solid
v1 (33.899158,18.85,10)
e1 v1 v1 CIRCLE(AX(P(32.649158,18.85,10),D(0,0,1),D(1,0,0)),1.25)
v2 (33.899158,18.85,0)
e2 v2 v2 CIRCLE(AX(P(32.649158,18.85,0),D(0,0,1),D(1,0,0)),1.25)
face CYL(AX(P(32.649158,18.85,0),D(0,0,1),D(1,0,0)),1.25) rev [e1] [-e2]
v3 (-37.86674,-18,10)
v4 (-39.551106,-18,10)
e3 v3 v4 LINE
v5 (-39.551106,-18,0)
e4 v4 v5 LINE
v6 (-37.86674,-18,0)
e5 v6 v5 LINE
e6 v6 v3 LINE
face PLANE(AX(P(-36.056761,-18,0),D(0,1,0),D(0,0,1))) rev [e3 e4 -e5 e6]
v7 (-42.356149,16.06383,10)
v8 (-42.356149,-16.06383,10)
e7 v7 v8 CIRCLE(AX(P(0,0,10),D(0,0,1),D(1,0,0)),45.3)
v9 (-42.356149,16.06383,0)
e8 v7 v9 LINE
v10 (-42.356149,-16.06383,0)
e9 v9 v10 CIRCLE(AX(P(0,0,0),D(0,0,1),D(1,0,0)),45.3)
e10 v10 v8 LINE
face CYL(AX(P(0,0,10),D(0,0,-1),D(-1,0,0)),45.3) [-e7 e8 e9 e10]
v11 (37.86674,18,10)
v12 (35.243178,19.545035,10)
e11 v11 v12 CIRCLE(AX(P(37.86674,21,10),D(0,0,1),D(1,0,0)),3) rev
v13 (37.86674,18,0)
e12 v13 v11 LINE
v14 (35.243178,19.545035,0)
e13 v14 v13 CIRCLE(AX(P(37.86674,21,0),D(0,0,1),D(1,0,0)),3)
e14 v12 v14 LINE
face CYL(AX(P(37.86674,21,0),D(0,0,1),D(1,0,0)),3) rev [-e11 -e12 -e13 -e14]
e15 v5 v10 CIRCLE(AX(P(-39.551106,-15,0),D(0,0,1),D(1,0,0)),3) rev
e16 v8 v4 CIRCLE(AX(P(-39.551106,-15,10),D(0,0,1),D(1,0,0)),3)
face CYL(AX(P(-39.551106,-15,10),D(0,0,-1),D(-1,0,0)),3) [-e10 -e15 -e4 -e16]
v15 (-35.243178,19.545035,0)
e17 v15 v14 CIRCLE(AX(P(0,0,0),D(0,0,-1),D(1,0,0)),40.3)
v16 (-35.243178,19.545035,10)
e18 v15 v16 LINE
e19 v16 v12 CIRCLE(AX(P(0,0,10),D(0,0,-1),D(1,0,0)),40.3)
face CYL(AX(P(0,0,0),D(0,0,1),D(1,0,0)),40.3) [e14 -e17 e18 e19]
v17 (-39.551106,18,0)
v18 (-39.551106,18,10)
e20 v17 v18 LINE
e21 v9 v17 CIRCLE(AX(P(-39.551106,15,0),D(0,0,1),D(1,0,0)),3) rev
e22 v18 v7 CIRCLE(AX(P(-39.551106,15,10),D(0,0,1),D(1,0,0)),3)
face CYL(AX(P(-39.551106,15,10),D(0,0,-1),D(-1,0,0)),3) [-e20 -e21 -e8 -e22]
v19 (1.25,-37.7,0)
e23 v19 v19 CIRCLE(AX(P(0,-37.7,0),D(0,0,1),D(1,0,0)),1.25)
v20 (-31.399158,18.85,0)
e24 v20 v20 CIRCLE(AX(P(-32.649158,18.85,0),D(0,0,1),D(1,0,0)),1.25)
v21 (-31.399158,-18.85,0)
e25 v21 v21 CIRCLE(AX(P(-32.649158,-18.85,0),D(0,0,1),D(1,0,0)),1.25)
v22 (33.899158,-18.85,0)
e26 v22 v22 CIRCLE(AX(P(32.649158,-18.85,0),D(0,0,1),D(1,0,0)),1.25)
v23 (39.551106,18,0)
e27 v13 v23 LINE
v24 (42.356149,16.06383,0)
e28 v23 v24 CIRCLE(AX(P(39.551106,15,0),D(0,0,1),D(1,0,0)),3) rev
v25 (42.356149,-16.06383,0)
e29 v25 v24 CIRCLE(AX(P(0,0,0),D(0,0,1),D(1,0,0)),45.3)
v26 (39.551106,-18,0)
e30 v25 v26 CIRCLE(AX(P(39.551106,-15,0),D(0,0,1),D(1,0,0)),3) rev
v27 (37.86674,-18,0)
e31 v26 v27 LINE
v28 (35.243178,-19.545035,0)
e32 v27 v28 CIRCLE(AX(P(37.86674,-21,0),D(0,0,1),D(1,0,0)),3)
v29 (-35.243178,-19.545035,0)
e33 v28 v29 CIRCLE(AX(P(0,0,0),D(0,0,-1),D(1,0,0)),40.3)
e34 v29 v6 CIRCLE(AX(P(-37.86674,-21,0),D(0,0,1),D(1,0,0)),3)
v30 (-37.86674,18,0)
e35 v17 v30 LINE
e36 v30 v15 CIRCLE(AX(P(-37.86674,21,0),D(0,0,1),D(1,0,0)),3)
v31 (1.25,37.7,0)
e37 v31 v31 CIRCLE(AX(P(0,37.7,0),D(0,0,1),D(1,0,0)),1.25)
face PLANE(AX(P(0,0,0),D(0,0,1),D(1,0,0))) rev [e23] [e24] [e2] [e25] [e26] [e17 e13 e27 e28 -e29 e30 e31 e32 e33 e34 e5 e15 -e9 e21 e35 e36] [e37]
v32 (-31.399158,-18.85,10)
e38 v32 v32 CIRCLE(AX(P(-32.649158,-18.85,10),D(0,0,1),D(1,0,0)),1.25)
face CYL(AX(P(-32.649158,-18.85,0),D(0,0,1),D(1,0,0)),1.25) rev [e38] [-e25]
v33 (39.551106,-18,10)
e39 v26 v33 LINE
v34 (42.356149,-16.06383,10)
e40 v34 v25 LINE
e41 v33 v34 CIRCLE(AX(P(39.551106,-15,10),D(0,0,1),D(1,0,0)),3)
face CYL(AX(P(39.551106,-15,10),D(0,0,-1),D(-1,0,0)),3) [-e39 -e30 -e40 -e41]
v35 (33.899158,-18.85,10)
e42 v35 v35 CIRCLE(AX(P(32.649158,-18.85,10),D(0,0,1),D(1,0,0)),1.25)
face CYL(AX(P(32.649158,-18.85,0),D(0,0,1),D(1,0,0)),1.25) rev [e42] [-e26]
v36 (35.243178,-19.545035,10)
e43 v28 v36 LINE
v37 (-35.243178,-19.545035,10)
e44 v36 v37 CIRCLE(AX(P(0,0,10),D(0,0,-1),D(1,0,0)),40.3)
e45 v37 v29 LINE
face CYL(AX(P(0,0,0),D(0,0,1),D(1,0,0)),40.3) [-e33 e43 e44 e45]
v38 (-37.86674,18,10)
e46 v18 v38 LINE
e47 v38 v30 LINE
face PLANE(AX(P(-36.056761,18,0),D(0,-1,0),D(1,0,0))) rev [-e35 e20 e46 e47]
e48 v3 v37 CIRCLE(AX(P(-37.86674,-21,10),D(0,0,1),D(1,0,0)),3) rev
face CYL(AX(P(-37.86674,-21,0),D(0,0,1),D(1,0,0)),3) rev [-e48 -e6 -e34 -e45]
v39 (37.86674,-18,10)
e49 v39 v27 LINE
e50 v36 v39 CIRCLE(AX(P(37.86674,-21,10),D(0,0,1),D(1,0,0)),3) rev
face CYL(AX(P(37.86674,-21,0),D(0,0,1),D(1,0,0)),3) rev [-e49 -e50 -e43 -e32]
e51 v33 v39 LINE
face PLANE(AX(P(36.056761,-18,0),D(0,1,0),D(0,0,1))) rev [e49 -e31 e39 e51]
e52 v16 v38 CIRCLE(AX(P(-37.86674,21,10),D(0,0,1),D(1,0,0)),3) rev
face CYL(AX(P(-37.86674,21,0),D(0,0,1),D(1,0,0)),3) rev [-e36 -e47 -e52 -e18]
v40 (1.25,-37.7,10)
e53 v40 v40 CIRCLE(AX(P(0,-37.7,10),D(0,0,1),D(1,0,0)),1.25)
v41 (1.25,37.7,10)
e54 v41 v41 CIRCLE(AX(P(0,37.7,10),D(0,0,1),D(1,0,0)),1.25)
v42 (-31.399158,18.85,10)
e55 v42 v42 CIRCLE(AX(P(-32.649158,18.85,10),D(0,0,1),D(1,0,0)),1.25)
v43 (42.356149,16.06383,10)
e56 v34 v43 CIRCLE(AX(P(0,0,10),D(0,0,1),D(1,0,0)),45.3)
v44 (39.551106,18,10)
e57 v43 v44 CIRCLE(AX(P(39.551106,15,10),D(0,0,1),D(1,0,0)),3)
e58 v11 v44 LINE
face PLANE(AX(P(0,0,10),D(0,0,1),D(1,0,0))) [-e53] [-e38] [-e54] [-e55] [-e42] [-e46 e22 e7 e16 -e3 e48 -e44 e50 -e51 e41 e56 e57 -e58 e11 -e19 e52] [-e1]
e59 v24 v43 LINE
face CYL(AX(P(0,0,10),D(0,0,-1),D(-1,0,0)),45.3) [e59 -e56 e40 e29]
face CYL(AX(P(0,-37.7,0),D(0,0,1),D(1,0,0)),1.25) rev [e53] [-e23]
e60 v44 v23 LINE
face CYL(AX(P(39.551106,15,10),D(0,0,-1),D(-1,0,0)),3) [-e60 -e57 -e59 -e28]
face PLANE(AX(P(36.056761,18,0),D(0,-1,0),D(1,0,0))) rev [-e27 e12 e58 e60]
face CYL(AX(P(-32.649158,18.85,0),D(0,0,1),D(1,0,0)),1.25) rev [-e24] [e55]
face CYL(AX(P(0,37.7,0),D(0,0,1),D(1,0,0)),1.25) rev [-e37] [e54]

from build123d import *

# Parameters (mm, degrees)
SKETCH_1_R          = 45.3
EXTRUDE_1_DEPTH     = 10
CUT_EXTRUDE_1_DEPTH = 11
FILLET_1_R          = 3
SKETCH_3_R          = 1.25
CUT_EXTRUDE_2_DEPTH = 11


with BuildPart() as part:
    # 草图1 → 凸台-拉伸1 (new body)
    with BuildSketch(Plane.XY):
        Circle(SKETCH_1_R)
    extrude(amount=EXTRUDE_1_DEPTH)

    # 草图2 → 切除-拉伸1 (cut, through all)
    with BuildSketch(Plane.XY.offset(10)):
        with BuildLine():
            Line((-36.056760808, 18), (-41.570301899, 18))
            ThreePointArc((-41.570301899, 18), (0, 45.3), (41.570301899, 18))
            Line((41.570301899, 18), (36.056760808, 18))
            ThreePointArc((36.056760808, 18), (0, 40.3), (-36.056760808, 18))
        make_face()
        with BuildLine():
            Line((-36.056760808, -18), (-41.734622438, -18))
            ThreePointArc((-41.734622438, -18), (0, -45.450838386), (41.734622438, -18))
            Line((41.734622438, -18), (36.056760808, -18))
            ThreePointArc((36.056760808, -18), (0, -40.3), (-36.056760808, -18))
        make_face()
    extrude(amount=-CUT_EXTRUDE_1_DEPTH, mode=Mode.SUBTRACT)

    # 圆角1
    fillet_1_edges = [part.edges().sort_by_distance(p)[0] for p in [
        (36.056760808, 18, 5),
        (-36.056760808, 18, 5),
        (-41.570301899, 18, 5),
        (41.570301899, 18, 5),
        (41.570301899, -18, 5),
        (36.056760808, -18, 5),
        (-41.570301899, -18, 5),
        (-36.056760808, -18, 5),
    ]]
    fillet(fillet_1_edges, radius=FILLET_1_R)

    # 草图3 → 切除-拉伸2 (cut, through all)
    with BuildSketch(Plane.XY.offset(10)):
        with Locations((0, 37.7)):
            Circle(SKETCH_3_R)
        with Locations((32.649157723, 18.85)):
            Circle(SKETCH_3_R)
        with Locations((32.649157723, -18.85)):
            Circle(SKETCH_3_R)
        with Locations((0, -37.7)):
            Circle(SKETCH_3_R)
        with Locations((-32.649157723, -18.85)):
            Circle(SKETCH_3_R)
        with Locations((-32.649157723, 18.85)):
            Circle(SKETCH_3_R)
    extrude(amount=-CUT_EXTRUDE_2_DEPTH, mode=Mode.SUBTRACT)


solid = part.part
